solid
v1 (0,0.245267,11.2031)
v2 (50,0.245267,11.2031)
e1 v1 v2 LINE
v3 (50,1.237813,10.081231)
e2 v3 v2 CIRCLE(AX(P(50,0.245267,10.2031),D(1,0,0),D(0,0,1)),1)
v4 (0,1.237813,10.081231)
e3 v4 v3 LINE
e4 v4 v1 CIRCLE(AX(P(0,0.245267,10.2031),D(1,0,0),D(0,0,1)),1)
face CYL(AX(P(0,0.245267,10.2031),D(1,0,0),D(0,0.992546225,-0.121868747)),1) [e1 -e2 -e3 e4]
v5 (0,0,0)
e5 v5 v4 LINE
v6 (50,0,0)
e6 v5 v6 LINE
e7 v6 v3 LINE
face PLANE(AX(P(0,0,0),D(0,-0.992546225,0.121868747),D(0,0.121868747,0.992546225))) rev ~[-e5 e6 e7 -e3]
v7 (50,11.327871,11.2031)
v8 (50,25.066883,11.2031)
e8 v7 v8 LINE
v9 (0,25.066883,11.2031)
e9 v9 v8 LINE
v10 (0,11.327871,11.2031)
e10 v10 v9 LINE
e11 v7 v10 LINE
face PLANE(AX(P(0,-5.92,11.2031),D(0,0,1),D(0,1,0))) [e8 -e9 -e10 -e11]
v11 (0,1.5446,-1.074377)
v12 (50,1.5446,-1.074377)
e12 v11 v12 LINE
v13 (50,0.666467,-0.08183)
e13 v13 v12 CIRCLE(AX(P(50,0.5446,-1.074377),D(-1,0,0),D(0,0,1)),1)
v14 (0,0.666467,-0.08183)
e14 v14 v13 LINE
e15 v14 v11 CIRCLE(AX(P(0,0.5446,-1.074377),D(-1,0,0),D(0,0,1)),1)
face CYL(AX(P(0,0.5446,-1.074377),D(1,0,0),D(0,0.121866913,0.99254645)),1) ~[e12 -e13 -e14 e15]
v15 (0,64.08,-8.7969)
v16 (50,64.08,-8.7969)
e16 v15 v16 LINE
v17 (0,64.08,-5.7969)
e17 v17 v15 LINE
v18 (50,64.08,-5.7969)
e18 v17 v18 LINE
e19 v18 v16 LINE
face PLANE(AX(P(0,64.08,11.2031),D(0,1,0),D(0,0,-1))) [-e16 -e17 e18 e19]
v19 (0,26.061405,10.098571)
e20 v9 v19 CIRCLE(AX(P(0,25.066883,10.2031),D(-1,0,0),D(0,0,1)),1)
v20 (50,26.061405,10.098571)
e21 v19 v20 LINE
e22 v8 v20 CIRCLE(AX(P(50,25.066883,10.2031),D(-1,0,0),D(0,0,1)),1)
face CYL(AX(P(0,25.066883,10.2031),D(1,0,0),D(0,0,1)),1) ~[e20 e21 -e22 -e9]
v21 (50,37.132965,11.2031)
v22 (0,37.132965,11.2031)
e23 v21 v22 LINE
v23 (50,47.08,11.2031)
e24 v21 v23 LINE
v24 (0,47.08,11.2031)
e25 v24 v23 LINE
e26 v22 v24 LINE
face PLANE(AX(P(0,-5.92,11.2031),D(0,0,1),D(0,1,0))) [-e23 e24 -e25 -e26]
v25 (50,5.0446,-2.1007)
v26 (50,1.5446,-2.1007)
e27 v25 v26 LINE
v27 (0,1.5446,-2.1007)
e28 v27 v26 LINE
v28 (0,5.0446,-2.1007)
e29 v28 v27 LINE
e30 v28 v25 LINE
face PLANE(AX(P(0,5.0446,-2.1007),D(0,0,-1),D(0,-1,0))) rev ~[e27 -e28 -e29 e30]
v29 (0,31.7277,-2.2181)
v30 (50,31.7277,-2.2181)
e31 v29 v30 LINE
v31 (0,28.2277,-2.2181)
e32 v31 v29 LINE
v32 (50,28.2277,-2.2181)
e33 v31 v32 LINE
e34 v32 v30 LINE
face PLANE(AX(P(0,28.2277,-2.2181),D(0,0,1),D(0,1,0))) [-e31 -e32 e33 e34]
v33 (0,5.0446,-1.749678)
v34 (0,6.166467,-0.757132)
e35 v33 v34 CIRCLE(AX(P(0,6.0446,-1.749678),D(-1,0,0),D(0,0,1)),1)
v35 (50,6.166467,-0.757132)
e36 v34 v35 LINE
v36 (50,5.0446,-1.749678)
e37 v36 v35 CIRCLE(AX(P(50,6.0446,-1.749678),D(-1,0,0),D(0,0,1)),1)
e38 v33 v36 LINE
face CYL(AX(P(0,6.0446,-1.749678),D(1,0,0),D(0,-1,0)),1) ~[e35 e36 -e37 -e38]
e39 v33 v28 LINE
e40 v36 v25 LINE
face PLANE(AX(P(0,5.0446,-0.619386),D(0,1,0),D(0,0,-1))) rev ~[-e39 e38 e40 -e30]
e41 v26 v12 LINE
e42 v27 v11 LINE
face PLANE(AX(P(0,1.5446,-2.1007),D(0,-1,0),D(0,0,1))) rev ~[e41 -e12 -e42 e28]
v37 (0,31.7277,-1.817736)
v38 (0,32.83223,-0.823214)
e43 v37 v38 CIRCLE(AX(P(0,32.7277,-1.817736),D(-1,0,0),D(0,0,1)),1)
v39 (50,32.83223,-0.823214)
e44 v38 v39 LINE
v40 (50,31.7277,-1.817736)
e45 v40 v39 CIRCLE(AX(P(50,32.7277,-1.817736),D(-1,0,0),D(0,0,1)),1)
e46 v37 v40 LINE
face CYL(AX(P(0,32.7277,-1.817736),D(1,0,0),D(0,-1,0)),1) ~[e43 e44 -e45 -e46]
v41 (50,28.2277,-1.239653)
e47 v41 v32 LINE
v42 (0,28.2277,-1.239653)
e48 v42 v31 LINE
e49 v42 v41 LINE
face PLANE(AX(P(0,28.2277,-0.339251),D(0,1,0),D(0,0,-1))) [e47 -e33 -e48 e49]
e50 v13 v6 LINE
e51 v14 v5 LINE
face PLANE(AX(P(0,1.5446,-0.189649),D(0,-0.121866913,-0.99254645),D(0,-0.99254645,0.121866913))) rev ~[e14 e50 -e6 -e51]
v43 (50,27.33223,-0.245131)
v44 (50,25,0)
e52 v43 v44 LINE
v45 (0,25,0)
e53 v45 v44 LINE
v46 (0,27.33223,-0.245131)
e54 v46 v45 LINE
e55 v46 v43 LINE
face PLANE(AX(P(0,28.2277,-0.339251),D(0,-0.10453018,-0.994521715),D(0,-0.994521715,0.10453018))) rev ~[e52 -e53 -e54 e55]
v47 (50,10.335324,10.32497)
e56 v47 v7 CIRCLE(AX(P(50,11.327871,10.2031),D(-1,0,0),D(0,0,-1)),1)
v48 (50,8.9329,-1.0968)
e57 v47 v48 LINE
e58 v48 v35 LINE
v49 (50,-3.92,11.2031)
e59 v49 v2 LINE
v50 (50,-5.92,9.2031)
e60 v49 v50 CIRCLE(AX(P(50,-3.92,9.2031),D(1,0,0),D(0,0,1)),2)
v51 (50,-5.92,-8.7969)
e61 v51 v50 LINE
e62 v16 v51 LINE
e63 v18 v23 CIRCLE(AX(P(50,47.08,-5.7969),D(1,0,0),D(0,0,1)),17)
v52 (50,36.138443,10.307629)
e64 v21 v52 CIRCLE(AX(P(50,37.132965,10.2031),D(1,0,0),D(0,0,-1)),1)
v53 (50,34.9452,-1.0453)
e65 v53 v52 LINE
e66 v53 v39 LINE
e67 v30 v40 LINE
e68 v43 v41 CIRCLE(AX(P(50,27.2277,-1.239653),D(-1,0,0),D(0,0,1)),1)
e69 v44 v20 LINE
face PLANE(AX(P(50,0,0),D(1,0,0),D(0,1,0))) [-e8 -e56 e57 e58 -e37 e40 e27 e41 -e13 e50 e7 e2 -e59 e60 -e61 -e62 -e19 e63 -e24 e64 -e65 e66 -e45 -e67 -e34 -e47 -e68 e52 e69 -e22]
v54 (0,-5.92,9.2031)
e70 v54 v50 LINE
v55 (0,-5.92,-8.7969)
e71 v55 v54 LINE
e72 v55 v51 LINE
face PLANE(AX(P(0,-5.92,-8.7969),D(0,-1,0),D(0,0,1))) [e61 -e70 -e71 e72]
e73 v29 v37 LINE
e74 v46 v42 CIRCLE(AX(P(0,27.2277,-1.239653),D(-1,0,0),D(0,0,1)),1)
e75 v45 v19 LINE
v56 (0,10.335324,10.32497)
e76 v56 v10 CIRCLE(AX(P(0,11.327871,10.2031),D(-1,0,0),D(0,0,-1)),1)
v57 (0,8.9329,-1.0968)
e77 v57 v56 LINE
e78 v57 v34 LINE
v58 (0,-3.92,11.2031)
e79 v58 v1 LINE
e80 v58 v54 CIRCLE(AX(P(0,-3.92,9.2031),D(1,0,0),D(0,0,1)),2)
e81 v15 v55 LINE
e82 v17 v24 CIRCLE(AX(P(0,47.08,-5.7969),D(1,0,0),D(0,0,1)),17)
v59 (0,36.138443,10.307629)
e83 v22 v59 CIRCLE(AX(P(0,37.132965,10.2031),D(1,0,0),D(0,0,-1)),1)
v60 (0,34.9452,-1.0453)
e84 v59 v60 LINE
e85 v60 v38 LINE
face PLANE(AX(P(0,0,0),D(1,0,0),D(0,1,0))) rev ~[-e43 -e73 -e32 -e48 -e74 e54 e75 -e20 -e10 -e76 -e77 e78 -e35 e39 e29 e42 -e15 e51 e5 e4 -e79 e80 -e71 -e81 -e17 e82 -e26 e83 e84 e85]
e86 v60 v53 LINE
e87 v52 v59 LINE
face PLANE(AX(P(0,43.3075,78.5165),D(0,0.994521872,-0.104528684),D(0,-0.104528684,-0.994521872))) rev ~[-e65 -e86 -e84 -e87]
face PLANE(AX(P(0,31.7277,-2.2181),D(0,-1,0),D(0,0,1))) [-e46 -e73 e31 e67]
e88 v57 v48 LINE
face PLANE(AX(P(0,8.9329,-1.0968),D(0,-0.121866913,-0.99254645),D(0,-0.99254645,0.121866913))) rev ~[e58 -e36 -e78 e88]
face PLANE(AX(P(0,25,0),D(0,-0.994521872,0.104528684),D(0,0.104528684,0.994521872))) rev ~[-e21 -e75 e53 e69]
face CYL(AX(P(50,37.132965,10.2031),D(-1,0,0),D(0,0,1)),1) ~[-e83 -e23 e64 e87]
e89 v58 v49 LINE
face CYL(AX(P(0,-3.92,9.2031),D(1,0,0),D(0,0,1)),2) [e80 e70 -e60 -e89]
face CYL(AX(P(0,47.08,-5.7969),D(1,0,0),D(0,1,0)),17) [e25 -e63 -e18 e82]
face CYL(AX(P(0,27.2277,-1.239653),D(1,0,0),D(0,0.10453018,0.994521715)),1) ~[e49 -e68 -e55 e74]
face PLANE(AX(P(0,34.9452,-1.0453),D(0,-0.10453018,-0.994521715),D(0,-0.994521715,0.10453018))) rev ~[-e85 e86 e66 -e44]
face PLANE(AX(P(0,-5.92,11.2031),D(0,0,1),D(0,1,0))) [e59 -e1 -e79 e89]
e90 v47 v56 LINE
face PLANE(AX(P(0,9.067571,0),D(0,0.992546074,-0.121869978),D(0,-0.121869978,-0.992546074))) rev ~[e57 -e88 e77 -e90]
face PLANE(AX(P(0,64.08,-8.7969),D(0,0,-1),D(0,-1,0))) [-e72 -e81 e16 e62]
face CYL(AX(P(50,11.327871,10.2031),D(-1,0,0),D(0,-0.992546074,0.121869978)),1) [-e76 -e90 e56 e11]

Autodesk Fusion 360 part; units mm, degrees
sketch "Sketch1" plane through (0, 0, 0) normal (1, 0, 0) x (0, 1, 0)
  line L0 (0, 0) -> (9.7495, 79.4037)
  line L1 (9.7495, 79.4037) -> (18.6825, 78.3069)
  line L2 (18.6825, 78.3069) -> (8.9329, -1.0968)
  line L3 (8.9329, -1.0968) -> (0, 0)
  line L4 (1.5446, -0.1007) -> (5.0446, -0.1007)
  line L5 (5.0446, -0.1007) -> (5.0446, -2.1007)
  line L6 (5.0446, -2.1007) -> (1.5446, -2.1007)
  line L7 (1.5446, -2.1007) -> (1.5446, -0.1007)
  line L8 (0, 140) -> (0, -50)
  line L9 (25, 0) -> (33.3623, 79.5618)
  line L10 (33.3623, 79.5618) -> (43.3075, 78.5165)
  line L11 (43.3075, 78.5165) -> (34.9452, -1.0453)
  line L12 (34.9452, -1.0453) -> (25, 0)
  line L13 (-90, 0) -> (150, 0)
  line L14 (28.2277, -2.2181) -> (31.7277, -2.2181)
  line L15 (31.7277, -2.2181) -> (31.7277, -0.2181)
  line L16 (31.7277, -0.2181) -> (28.2277, -0.2181)
  line L17 (28.2277, -0.2181) -> (28.2277, -2.2181)
  dimension "d1" = 80
  dimension "d2" = 9
  dimension "d9" = 3.5
  dimension "d10" = 2
  dimension "d12" = 80
  dimension "d13" = 10
  dimension "d15" = 97
  dimension "d16" = 96
  dimension "d17" = 25
  dimension "d18" = 3.5
  dimension "d19" = 2
sketch "Sketch2" plane through (0, 0, 0) normal (1, 0, 0) x (0, 1, 0)
  line L0 (-5.92, 11.2031) -> (64.08, 11.2031)
  line L1 (64.08, 11.2031) -> (64.08, -8.7969)
  line L2 (64.08, -8.7969) -> (-5.92, -8.7969)
  line L3 (-5.92, -8.7969) -> (-5.92, 11.2031)
  dimension "d3" = 70
  dimension "d4" = 20
extrude "Extrude1" add sketch "Sketch2" along normal blind 50
extrude "Extrude2" cut sketch "Sketch1" along normal blind 50
fillet "Fillet1" radius 1 4 edges at (25, 5.0446, -0.6194) (25, 1.5446, -0.1897) (25, 31.7277, -0.7071) (25, 28.2277, -0.3392)
fillet "Fillet2" radius 1 4 edges at (25, 10.4432, 11.2031) (25, 36.2326, 11.2031) (25, 26.1775, 11.2031) (25, 1.3756, 11.2031)
fillet "Fillet3" radius 2 1 edges at (25, -5.92, 11.2031)
fillet "Fillet4" radius 17 1 edges at (25, 64.08, 11.2031)
